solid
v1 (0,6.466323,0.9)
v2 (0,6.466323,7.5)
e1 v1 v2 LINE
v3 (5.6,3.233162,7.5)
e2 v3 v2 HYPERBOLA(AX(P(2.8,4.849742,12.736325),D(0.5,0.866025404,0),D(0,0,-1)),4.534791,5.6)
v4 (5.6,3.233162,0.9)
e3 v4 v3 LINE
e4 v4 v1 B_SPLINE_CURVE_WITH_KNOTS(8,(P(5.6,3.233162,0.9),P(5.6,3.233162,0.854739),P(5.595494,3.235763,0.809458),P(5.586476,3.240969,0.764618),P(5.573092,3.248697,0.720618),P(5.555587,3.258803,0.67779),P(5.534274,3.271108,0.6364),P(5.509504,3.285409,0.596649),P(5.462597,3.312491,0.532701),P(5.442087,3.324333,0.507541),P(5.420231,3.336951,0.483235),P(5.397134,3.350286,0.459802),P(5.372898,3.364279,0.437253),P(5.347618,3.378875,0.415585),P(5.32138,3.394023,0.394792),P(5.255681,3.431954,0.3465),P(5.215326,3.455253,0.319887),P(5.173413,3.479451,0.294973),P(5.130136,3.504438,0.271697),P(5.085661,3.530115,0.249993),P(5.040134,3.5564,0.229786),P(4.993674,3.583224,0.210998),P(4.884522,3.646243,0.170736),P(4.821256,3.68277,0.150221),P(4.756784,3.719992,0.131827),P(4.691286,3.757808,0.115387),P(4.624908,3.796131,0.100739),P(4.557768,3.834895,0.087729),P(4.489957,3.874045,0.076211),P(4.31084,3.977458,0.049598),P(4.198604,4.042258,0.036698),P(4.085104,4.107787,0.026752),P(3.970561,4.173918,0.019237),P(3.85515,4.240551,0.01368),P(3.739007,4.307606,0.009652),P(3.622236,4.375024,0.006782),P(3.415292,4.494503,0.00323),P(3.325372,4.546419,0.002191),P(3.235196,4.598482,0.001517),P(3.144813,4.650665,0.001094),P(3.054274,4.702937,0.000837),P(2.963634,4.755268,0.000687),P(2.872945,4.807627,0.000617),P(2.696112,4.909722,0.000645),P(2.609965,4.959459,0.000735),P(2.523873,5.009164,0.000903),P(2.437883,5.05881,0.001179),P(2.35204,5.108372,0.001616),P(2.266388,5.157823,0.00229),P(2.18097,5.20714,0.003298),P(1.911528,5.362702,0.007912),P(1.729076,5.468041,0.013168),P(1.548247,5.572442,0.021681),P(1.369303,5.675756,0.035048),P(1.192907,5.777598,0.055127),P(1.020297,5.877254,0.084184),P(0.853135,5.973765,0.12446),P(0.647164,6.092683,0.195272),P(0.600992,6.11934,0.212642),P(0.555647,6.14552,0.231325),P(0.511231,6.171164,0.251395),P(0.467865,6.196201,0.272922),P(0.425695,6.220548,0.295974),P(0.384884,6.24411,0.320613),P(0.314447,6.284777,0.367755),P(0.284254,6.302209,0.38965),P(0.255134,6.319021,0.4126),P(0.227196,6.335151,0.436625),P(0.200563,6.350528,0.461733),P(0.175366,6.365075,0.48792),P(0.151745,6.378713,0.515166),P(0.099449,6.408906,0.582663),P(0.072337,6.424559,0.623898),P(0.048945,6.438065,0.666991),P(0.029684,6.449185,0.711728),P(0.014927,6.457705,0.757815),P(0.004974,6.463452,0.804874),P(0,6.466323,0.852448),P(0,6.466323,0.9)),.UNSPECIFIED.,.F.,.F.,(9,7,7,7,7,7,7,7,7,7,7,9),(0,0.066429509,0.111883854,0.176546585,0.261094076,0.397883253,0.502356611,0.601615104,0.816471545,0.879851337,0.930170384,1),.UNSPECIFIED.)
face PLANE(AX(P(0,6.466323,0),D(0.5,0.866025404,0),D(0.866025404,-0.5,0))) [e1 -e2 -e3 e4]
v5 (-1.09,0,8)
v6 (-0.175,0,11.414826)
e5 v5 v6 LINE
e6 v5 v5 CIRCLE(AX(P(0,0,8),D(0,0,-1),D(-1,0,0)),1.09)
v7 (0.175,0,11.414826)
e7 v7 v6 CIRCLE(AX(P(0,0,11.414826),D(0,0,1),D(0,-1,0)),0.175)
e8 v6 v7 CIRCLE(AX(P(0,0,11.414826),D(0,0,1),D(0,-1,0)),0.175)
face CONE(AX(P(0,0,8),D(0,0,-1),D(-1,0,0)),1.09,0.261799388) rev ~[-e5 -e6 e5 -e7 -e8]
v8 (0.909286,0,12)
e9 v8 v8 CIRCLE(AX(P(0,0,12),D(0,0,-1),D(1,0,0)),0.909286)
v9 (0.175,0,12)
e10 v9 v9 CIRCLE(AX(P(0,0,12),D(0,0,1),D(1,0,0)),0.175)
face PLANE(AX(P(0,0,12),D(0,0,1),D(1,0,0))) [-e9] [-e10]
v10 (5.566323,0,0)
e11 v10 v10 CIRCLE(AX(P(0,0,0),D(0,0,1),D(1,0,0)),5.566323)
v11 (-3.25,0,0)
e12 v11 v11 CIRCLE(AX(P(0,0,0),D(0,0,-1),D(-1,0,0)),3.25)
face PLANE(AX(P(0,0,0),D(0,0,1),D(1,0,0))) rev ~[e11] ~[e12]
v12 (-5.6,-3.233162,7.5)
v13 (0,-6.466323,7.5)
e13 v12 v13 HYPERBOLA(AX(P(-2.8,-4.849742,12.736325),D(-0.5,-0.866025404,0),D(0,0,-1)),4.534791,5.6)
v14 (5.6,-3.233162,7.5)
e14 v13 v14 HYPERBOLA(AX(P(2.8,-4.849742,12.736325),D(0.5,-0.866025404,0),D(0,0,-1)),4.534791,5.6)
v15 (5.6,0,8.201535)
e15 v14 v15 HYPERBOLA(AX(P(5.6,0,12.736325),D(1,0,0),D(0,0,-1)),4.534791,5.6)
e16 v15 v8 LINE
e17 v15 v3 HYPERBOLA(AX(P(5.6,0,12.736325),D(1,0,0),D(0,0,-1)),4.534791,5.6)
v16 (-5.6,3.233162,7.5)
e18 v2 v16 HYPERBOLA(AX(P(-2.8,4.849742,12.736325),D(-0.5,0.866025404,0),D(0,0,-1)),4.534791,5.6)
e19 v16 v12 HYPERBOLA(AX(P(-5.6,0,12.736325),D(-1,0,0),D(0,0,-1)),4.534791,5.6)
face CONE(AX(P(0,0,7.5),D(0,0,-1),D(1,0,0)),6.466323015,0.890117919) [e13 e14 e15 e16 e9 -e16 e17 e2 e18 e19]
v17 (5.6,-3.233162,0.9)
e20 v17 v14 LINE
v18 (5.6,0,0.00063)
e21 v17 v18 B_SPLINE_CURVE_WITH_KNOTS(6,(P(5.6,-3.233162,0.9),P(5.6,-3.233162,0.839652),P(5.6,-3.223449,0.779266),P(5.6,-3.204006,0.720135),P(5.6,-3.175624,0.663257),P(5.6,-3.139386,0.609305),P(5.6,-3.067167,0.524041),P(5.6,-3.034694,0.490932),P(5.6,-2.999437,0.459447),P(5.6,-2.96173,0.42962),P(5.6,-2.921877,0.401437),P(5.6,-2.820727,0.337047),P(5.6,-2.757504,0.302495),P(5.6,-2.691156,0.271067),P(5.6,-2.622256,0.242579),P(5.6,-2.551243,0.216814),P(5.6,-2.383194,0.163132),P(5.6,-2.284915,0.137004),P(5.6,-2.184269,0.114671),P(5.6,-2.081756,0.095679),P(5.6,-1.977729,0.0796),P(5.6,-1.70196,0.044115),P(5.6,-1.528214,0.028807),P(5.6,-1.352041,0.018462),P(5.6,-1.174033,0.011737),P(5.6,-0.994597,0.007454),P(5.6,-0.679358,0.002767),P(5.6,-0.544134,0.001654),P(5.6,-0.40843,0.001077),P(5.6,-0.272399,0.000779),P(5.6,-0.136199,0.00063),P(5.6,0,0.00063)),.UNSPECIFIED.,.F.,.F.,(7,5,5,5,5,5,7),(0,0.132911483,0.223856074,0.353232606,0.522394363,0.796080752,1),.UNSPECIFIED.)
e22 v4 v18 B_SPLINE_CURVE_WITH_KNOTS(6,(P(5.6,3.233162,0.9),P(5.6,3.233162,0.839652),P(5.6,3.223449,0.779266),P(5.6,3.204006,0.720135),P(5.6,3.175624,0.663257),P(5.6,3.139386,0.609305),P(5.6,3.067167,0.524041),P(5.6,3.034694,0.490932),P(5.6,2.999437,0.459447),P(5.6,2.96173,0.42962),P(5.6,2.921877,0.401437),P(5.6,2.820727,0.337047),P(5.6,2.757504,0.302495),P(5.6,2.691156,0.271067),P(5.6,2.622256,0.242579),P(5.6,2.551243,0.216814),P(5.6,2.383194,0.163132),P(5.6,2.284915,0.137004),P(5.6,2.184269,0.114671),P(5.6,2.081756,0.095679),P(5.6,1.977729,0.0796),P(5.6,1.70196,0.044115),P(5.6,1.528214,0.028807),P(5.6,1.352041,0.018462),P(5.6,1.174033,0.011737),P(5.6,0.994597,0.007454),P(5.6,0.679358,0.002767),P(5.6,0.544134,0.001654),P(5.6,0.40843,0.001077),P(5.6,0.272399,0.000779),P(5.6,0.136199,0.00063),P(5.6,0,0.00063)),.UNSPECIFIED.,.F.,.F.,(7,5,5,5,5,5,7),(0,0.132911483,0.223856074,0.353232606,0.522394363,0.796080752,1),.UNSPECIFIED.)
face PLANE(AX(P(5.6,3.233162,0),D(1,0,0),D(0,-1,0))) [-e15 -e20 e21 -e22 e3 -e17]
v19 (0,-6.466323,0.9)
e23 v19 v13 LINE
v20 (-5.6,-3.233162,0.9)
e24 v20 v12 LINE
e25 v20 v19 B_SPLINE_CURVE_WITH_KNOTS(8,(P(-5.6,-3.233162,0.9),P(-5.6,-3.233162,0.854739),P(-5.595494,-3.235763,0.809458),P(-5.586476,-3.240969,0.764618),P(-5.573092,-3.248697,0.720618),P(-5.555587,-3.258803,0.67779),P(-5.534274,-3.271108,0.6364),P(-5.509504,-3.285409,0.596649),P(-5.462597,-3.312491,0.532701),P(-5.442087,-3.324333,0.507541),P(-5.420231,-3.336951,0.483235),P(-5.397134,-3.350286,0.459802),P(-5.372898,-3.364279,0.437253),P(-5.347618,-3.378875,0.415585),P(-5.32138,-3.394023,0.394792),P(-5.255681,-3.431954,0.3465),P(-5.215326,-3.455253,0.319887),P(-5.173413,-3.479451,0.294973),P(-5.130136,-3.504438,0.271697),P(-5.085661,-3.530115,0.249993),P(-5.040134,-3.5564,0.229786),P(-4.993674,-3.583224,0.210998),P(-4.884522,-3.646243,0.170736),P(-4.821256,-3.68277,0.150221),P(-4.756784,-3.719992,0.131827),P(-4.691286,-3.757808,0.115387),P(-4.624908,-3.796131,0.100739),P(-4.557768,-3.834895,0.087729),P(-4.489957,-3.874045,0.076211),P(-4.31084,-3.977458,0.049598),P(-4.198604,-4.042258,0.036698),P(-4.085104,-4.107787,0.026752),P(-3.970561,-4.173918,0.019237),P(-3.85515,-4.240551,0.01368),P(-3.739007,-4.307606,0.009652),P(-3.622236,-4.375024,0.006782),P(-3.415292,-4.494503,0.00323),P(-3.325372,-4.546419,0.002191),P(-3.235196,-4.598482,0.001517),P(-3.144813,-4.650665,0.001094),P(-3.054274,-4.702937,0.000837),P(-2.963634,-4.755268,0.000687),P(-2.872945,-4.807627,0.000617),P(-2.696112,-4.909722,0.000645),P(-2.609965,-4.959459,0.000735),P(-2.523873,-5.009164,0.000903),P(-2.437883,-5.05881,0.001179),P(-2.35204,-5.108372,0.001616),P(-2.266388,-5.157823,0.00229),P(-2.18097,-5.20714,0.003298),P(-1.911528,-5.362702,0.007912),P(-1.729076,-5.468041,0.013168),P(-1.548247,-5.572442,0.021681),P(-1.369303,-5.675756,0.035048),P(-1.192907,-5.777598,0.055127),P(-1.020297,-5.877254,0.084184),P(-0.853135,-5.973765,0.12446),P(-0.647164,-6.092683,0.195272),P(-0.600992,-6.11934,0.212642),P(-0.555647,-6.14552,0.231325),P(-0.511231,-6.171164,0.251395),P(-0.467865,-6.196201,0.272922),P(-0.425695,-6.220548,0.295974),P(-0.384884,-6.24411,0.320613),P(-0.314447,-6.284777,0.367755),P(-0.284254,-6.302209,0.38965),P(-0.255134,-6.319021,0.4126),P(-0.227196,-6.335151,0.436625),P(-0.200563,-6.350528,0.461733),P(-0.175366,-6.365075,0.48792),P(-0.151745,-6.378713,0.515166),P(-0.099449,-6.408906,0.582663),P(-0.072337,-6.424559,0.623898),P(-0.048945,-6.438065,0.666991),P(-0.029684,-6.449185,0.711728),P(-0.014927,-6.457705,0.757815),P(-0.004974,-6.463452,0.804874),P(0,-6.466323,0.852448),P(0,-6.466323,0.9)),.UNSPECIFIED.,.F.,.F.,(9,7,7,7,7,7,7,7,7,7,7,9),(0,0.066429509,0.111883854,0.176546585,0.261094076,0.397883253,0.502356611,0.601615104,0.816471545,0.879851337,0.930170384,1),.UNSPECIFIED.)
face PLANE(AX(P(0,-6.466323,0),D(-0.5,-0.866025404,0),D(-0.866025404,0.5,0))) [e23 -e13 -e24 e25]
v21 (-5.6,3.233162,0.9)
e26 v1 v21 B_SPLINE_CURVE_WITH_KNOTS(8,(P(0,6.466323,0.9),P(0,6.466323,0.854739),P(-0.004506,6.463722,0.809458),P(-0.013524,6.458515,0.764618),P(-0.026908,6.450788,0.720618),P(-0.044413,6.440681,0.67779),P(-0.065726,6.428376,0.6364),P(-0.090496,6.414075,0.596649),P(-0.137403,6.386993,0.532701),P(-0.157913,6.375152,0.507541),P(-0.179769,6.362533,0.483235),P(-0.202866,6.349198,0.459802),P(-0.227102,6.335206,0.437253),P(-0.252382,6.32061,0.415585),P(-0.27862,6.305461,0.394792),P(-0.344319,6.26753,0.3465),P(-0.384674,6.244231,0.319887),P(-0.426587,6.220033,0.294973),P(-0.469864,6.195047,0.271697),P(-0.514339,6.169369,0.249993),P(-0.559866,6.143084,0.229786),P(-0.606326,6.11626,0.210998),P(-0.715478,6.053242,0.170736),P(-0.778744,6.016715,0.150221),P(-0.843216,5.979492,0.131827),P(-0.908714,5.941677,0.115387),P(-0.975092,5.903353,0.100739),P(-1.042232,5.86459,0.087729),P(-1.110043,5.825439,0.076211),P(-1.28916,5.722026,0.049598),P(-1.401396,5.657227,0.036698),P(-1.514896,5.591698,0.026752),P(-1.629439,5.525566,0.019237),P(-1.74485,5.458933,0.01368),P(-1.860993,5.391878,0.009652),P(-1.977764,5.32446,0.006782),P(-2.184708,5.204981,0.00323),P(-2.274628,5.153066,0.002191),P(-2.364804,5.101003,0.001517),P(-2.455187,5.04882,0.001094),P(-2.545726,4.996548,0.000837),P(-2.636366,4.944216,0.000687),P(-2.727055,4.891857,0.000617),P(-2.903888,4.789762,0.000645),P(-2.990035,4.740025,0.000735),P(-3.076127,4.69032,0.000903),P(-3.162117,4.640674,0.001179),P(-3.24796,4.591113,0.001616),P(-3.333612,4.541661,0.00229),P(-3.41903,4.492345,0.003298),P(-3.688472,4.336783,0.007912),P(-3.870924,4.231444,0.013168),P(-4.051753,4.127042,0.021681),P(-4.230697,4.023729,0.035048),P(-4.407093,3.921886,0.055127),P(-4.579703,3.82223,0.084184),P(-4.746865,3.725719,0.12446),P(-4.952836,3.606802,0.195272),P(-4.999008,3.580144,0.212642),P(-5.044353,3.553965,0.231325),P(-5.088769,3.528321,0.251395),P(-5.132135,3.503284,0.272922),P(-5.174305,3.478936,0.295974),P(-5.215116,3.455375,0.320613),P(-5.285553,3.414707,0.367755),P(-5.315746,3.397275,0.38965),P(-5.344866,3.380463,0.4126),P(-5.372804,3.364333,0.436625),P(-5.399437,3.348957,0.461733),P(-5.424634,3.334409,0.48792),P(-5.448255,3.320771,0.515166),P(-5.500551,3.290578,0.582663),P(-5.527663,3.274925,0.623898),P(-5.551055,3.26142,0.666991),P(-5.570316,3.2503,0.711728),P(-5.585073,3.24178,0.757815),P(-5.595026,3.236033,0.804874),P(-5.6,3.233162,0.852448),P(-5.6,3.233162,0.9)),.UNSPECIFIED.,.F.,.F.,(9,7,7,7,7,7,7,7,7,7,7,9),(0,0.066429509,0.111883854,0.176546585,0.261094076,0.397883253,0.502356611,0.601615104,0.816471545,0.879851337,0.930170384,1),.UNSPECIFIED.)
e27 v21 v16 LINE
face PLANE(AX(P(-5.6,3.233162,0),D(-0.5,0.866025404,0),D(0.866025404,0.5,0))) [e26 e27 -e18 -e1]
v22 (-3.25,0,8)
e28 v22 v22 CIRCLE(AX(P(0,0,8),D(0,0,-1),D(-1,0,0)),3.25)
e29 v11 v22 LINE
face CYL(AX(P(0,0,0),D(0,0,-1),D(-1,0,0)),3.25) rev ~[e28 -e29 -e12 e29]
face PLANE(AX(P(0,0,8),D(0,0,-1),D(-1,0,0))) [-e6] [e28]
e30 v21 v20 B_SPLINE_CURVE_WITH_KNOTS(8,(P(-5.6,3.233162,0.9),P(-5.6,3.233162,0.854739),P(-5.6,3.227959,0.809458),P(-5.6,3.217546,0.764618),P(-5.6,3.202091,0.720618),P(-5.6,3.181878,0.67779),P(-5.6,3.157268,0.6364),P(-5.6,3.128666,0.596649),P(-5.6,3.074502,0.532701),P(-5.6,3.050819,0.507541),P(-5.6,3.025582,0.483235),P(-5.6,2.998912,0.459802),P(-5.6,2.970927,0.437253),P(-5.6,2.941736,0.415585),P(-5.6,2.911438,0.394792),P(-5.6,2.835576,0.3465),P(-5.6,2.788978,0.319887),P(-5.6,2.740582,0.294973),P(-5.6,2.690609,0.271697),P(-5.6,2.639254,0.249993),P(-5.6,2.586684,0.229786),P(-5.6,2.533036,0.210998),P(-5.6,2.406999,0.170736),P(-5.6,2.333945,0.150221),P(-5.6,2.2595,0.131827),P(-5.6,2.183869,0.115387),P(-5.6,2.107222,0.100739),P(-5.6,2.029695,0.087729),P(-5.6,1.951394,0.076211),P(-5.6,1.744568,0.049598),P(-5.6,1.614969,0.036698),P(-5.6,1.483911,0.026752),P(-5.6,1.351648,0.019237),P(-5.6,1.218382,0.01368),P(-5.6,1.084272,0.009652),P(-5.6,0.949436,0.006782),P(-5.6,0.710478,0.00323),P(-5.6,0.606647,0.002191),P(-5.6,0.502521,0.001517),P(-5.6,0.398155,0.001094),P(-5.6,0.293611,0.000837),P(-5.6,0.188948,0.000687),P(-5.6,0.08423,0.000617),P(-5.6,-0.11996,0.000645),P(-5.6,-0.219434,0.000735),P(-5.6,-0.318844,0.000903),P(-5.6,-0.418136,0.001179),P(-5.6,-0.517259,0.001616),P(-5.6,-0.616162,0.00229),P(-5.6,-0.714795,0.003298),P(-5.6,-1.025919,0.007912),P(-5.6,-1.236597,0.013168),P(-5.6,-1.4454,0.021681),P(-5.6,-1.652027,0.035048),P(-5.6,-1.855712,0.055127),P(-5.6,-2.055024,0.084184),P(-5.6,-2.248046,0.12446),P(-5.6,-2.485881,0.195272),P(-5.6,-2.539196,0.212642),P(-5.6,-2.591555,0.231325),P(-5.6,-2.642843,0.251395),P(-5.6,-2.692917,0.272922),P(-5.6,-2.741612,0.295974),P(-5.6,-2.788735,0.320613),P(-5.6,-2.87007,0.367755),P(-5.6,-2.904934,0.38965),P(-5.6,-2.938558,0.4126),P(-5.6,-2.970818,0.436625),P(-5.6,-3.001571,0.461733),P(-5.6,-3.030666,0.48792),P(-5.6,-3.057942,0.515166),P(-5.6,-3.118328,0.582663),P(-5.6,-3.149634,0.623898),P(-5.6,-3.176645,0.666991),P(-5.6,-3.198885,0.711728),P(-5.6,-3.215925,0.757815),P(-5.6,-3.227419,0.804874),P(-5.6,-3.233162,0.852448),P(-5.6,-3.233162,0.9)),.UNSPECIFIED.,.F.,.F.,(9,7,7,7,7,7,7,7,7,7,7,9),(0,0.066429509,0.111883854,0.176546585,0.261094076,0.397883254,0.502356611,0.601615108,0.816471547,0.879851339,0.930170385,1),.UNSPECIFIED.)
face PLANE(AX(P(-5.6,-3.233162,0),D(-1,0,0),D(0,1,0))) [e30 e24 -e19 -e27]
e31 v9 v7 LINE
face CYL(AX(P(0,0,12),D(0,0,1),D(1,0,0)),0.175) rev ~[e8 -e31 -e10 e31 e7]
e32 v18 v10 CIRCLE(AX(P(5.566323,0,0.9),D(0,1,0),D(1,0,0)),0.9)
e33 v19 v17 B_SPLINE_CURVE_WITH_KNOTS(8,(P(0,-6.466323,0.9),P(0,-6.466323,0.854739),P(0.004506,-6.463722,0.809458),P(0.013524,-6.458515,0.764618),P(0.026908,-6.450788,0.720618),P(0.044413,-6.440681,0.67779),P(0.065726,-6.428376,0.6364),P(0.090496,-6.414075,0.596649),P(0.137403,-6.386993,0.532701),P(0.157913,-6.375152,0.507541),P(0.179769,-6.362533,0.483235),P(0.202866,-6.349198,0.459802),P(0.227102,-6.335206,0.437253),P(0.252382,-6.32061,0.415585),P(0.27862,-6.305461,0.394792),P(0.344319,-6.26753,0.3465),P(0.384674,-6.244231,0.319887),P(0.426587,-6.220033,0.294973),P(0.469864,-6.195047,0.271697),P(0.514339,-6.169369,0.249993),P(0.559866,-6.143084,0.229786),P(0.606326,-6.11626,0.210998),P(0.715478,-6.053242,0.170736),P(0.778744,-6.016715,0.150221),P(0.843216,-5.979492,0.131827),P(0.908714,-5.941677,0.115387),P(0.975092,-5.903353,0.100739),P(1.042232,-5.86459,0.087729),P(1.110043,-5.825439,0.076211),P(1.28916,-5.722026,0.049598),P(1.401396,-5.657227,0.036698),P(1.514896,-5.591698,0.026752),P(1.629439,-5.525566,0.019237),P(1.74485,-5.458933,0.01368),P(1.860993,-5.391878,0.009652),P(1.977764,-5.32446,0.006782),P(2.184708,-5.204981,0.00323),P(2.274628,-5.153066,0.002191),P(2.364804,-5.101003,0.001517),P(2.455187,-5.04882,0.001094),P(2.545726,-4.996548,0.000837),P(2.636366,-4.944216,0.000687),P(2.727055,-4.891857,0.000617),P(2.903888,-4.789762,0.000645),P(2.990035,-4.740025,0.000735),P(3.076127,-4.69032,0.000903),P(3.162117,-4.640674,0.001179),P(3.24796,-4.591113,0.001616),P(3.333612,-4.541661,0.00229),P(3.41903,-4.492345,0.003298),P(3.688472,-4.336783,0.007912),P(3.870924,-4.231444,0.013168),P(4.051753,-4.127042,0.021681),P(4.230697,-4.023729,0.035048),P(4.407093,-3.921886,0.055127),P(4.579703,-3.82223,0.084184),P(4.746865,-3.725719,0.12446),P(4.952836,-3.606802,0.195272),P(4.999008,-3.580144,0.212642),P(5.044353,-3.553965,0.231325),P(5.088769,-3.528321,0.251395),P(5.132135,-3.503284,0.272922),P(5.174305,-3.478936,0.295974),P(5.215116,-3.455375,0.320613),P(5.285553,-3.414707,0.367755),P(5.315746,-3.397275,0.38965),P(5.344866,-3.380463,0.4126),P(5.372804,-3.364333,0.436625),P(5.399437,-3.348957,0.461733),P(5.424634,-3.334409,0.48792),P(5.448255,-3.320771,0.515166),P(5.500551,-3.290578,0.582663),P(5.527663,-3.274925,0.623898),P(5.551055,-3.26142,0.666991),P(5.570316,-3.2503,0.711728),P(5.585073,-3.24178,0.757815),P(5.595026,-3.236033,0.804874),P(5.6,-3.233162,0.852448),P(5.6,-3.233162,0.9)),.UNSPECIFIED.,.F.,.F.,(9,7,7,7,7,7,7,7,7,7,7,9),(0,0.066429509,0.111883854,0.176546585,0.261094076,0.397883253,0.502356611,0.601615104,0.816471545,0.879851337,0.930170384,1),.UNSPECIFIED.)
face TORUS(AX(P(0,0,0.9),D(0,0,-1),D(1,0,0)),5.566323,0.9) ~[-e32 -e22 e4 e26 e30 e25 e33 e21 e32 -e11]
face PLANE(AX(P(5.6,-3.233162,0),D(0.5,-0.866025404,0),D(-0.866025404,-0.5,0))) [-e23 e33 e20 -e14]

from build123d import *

# Parameters (mm, degrees)
SKETCH_1_R          = 6.466323015
EXTRUDE_1_DEPTH     = 7.5
SKETCH_2_R          = 6.466323015
EXTRUDE_2_DEPTH     = 4.5
EXTRUDE_2_TAPER     = 51
FILLET_1_R          = 0.9
SKETCH_3_OUTSIDE_W  = 19.306
SKETCH_3_OUTSIDE_H  = 19.306
CUT_EXTRUDE_2_DEPTH = 16.087301504
SKETCH_4_R          = 3.25
CUT_EXTRUDE_3_DEPTH = 8
SKETCH_6_R          = 0.175
CUT_EXTRUDE_4_DEPTH = 15.736802168
SKETCH_5_R          = 1.09
CUT_EXTRUDE_5_DEPTH = 3.5
CUT_EXTRUDE_5_DRAFT = -15


with BuildPart() as part:
    # Эскиз1 → Бобышка-Вытянуть1 (new body)
    with BuildSketch(Plane.XY):
        Circle(SKETCH_1_R)
    extrude(amount=EXTRUDE_1_DEPTH)

    # Эскиз2 → Бобышка-Вытянуть2 (add)
    with BuildSketch(Plane.XY.offset(7.5)):
        Circle(SKETCH_2_R)
    extrude(amount=EXTRUDE_2_DEPTH, taper=EXTRUDE_2_TAPER)

    # Скругление1
    fillet_1_edges = [part.edges().sort_by_distance(p)[0] for p in [
        (-6.466323015, 0, 0),
    ]]
    fillet(fillet_1_edges, radius=FILLET_1_R)

    # Эскиз3 outside → Вырез-Вытянуть2 (cut, through all)
    with BuildSketch(Plane(origin=(0, 0, 0), x_dir=(-1, 0, 0), z_dir=(0, 0, -1))):
        Rectangle(SKETCH_3_OUTSIDE_W, SKETCH_3_OUTSIDE_H)
        Polygon((0, 6.466323015), (-5.6, 3.233161507), (-5.6, -3.233161507), (0, -6.466323015), (5.6, -3.233161507), (5.6, 3.233161507), align=None, mode=Mode.SUBTRACT)
    extrude(amount=-CUT_EXTRUDE_2_DEPTH, mode=Mode.SUBTRACT)

    # Эскиз4 → Вырез-Вытянуть3 (cut)
    with BuildSketch(Plane(origin=(0, 0, 0), x_dir=(-1, 0, 0), z_dir=(0, 0, -1))):
        Circle(SKETCH_4_R)
    extrude(amount=-CUT_EXTRUDE_3_DEPTH, mode=Mode.SUBTRACT)

    # Эскиз6 → Вырез-Вытянуть4 (cut, through all)
    with BuildSketch(Plane.XY.offset(12)):
        Circle(SKETCH_6_R)
    extrude(amount=-CUT_EXTRUDE_4_DEPTH, mode=Mode.SUBTRACT)


with BuildPart() as cut_extrude_5_tool:
    # Эскиз5 → Вырез-Вытянуть5 (with draft: the straight prism first)
    with BuildSketch(Plane(origin=(0, 0, 8), x_dir=(-1, 0, 0), z_dir=(0, 0, -1))):
        Circle(SKETCH_5_R)
    extrude(amount=-CUT_EXTRUDE_5_DEPTH)
    # Вырез-Вытянуть5: the draft: its side faces are tilted about the plane it starts from
    cut_extrude_5_sides = [cut_extrude_5_tool.faces().sort_by_distance(p)[0] for p in [
        (1.09, 0, 9.75),
    ]]
    draft(cut_extrude_5_sides, Plane(origin=(0, 0, 8), x_dir=(-1, 0, 0), z_dir=(0, 0, -1)), CUT_EXTRUDE_5_DRAFT)


with BuildPart() as part_1:
    add(part.part)

    # Вырез-Вытянуть5: cut by cut_extrude_5_tool
    add(cut_extrude_5_tool.part, mode=Mode.SUBTRACT)


solid = part_1.part
